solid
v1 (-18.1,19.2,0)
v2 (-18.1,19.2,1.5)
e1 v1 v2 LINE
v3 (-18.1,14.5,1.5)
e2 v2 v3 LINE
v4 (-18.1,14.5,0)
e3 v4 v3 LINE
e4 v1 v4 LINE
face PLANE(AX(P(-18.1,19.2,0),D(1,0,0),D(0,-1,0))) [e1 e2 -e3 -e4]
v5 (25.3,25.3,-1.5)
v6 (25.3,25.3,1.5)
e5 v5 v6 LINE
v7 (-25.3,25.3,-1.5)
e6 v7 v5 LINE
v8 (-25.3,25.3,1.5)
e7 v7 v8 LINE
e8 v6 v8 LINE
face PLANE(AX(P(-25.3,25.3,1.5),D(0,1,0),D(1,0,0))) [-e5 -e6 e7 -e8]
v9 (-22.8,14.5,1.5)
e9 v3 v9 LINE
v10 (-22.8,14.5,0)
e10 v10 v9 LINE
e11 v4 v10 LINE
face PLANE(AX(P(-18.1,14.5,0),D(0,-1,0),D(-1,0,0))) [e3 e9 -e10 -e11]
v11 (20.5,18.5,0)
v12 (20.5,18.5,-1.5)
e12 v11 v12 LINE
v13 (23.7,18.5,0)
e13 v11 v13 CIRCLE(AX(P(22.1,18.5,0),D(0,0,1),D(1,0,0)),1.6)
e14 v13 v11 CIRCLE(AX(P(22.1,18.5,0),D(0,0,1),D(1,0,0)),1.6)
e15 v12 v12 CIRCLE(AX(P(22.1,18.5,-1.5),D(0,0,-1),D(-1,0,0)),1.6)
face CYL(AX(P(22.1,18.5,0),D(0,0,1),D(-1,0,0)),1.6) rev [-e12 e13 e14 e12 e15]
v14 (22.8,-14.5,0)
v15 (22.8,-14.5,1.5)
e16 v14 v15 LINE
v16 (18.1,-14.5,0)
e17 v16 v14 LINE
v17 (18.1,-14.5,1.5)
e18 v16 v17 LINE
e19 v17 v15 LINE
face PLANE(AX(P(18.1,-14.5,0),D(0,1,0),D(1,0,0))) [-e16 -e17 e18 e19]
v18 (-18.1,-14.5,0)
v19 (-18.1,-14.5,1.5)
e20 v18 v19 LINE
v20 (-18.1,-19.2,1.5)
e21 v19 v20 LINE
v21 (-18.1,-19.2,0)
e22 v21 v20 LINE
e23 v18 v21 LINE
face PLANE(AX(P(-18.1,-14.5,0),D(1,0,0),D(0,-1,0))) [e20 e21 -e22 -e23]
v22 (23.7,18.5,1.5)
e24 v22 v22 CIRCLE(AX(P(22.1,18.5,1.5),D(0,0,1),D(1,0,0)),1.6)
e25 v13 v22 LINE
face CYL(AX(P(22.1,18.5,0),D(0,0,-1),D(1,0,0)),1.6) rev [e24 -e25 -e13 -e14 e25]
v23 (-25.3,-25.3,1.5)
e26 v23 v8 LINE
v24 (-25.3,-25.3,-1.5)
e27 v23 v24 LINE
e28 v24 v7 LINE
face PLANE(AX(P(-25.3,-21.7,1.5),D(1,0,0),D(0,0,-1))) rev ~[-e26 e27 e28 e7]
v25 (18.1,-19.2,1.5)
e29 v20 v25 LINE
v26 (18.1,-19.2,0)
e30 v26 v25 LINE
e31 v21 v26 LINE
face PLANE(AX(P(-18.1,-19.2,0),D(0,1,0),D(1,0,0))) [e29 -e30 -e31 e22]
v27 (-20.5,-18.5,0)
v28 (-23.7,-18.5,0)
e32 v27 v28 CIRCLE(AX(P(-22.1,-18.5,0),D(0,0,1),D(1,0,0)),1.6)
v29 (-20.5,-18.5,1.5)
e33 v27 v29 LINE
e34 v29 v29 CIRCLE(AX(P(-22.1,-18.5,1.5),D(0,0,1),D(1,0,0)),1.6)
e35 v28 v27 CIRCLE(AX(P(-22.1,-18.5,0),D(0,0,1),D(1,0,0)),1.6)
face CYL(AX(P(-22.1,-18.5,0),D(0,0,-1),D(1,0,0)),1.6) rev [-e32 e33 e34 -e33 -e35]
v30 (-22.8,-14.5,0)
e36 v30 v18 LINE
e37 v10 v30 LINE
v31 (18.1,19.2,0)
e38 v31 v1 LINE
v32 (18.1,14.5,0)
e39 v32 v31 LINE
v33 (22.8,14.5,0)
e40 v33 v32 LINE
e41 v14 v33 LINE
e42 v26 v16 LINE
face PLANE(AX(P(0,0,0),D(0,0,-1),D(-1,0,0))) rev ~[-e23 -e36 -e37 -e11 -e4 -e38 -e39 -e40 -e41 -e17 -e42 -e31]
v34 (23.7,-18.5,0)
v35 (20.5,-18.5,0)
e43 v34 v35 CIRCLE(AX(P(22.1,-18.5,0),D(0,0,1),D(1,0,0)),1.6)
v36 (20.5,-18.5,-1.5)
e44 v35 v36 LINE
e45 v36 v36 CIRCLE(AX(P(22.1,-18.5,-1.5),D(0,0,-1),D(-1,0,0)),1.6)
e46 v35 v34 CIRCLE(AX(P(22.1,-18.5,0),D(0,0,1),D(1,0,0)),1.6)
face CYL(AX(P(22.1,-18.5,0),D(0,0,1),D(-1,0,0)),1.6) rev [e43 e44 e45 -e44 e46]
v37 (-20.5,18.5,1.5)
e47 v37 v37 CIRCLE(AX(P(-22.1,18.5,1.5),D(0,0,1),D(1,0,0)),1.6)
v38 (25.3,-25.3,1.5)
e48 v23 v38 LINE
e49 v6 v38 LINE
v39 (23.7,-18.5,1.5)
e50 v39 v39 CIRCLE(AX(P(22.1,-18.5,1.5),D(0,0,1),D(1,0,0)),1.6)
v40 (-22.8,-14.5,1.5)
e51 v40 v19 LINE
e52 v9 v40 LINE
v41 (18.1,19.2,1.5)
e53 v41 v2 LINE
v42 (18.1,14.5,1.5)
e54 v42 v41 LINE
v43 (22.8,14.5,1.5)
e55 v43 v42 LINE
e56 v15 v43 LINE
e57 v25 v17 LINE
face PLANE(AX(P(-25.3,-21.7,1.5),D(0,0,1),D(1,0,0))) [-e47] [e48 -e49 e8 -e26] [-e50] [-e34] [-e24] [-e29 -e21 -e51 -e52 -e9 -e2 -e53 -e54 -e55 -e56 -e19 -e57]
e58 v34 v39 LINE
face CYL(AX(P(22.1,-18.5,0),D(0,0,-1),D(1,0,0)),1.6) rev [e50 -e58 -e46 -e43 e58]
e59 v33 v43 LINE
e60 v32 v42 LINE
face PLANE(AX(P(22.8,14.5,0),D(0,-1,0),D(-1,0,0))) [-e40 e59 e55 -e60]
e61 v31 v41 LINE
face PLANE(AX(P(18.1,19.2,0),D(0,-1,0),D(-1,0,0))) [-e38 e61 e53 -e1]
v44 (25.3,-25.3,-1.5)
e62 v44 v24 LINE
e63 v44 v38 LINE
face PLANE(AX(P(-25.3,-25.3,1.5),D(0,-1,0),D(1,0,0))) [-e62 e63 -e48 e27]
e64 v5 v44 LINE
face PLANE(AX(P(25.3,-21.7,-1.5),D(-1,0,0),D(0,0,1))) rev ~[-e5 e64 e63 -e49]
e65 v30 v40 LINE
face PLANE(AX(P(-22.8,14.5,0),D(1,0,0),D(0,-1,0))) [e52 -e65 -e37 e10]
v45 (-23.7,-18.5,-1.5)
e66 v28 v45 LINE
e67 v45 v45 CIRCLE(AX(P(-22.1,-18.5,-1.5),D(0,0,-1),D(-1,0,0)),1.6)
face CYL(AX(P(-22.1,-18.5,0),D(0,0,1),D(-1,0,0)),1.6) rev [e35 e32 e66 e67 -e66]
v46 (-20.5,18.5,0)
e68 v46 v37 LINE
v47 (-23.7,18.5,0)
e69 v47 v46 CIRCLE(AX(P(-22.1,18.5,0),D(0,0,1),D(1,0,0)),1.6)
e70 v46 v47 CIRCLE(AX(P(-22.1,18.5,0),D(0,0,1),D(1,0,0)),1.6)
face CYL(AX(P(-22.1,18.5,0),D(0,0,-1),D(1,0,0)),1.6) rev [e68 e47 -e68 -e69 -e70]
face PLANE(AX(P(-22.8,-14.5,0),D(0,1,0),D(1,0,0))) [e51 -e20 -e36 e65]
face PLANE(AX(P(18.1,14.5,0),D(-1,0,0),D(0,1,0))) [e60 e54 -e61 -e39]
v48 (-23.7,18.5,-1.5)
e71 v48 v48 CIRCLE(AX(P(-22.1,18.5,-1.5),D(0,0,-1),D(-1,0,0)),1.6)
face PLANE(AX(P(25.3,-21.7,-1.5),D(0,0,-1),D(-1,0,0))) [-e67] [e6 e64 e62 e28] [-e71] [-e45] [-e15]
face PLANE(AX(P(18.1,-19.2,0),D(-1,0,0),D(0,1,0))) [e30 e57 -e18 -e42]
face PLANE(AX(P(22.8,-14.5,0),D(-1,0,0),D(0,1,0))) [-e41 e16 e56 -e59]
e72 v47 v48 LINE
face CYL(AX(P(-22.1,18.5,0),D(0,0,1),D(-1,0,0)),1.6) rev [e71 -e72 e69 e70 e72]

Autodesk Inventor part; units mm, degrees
ref_plane "YZ Plane" through (0, 0, 0) normal (1, 0, 0) x (0, 1, 0)
ref_plane "XZ Plane" through (0, 0, 0) normal (0, 1, 0) x (-1, 0, 0)
ref_plane "XY Plane" through (0, 0, 0) normal (0, 0, 1) x (1, 0, 0)
sketch "スケッチ1" plane through (0, 0, 0) normal (0, 0, 1) x (1, 0, 0)
  line L0 (-25.3, 21.7) -> (25.3, 21.7)
  line L1 (25.3, 21.7) -> (25.3, -21.7)
  line L2 (25.3, -21.7) -> (-25.3, -21.7)
  line L3 (-25.3, -21.7) -> (-25.3, 21.7)
  circle A0 centre (-22.1, 18.5) radius 1.6
  circle A1 centre (22.1, 18.5) radius 1.6
  circle A2 centre (22.1, -18.5) radius 1.6
  circle A3 centre (-22.1, -18.5) radius 1.6
  line L4 (-18.1, 19.2) -> (-18.1, 14.5)
  line L5 (-18.1, 14.5) -> (-22.8, 14.5)
  line L6 (-22.8, 14.5) -> (-22.8, -14.5)
  line L7 (-22.8, -14.5) -> (-18.1, -14.5)
  line L8 (-18.1, -14.5) -> (-18.1, -19.2)
  line L9 (-18.1, -19.2) -> (18.1, -19.2)
  line L10 (18.1, -19.2) -> (18.1, -14.5)
  line L11 (18.1, -14.5) -> (22.8, -14.5)
  line L12 (22.8, -14.5) -> (22.8, 14.5)
  line L13 (22.8, 14.5) -> (18.1, 14.5)
  line L14 (18.1, 14.5) -> (18.1, 19.2)
  line L15 (18.1, 19.2) -> (-18.1, 19.2)
  point P0 (0, 0)
  point P1 (0, 21.7)
  point P2 (-25.3, 0)
  dimension "d0" = 50.6
  dimension "d1" = 43.4
  dimension "d2" = 3.2
  dimension "d3" = 44.2
  dimension "d4" = 37
  dimension "d5" = 22.1
  dimension "d6" = 18.5
  dimension "d7" = 2.5
  dimension "d8" = 2.5
  dimension "d9" = 2.5
  dimension "d10" = 2.5
  dimension "d11" = 4
  dimension "d12" = 4
  dimension "d13" = 4
  dimension "d14" = 4
  dimension "d15" = 4
extrude "押し出し1" add sketch "スケッチ1" along normal blind 1.5
sketch "スケッチ2" plane through (0, 0, 0) normal (0, 0, -1) x (-1, 0, 0)
  line L0 (-25.3, 21.7) -> (25.3, 21.7) projected
  line L1 (-25.3, -21.7) -> (-25.3, 21.7) projected
  circle A0 centre (-22.1, 18.5) radius 1.6 projected
  line L2 (25.3, -21.7) -> (-25.3, -21.7) projected
  circle A1 centre (-22.1, -18.5) radius 1.6 projected
  circle A2 centre (22.1, -18.5) radius 1.6 projected
  line L3 (25.3, 21.7) -> (25.3, -21.7) projected
  circle A3 centre (22.1, 18.5) radius 1.6 projected
  point P0 (0, 0)
extrude "押し出し2" add sketch "スケッチ2" along normal blind 1.5
sketch "スケッチ3" plane through (-25.3, 21.7, 1.5) normal (0, 1, 0) x (1, 0, 0)
  line L0 (0, 3) -> (0, 0) projected
  line L1 (50.6, 0) -> (0, 0) projected
  line L2 (50.6, 3) -> (50.6, 0) projected
  line L3 (0, 3) -> (50.6, 3) projected
  point P0 (25.3, 1.5)
extrude "押し出し3" add sketch "スケッチ3" along normal blind 3.6
sketch "スケッチ4" plane through (-25.3, -21.7, 1.5) normal (0, -1, 0) x (1, 0, 0)
  line L0 (50.6, -3) -> (50.6, 0) projected
  line L1 (0, 0) -> (50.6, 0) projected
  line L2 (0, 0) -> (0, -3) projected
  line L3 (50.6, -3) -> (0, -3) projected
  point P0 (25.3, -1.5)
extrude "押し出し4" add sketch "スケッチ4" along normal blind 3.6
equation "\"d5\" = 0.5 * d3"
equation "\"d6\" = 0.5 * d4"
equation "\"d8\" = d7"
equation "\"d9\" = d7"
equation "\"d10\" = d7"
equation "\"d12\" = d11"
equation "\"d13\" = d11"
equation "\"d14\" = d11"
equation "\"d15\" = d11"
properties part number "fan_controller_case_bottom"
